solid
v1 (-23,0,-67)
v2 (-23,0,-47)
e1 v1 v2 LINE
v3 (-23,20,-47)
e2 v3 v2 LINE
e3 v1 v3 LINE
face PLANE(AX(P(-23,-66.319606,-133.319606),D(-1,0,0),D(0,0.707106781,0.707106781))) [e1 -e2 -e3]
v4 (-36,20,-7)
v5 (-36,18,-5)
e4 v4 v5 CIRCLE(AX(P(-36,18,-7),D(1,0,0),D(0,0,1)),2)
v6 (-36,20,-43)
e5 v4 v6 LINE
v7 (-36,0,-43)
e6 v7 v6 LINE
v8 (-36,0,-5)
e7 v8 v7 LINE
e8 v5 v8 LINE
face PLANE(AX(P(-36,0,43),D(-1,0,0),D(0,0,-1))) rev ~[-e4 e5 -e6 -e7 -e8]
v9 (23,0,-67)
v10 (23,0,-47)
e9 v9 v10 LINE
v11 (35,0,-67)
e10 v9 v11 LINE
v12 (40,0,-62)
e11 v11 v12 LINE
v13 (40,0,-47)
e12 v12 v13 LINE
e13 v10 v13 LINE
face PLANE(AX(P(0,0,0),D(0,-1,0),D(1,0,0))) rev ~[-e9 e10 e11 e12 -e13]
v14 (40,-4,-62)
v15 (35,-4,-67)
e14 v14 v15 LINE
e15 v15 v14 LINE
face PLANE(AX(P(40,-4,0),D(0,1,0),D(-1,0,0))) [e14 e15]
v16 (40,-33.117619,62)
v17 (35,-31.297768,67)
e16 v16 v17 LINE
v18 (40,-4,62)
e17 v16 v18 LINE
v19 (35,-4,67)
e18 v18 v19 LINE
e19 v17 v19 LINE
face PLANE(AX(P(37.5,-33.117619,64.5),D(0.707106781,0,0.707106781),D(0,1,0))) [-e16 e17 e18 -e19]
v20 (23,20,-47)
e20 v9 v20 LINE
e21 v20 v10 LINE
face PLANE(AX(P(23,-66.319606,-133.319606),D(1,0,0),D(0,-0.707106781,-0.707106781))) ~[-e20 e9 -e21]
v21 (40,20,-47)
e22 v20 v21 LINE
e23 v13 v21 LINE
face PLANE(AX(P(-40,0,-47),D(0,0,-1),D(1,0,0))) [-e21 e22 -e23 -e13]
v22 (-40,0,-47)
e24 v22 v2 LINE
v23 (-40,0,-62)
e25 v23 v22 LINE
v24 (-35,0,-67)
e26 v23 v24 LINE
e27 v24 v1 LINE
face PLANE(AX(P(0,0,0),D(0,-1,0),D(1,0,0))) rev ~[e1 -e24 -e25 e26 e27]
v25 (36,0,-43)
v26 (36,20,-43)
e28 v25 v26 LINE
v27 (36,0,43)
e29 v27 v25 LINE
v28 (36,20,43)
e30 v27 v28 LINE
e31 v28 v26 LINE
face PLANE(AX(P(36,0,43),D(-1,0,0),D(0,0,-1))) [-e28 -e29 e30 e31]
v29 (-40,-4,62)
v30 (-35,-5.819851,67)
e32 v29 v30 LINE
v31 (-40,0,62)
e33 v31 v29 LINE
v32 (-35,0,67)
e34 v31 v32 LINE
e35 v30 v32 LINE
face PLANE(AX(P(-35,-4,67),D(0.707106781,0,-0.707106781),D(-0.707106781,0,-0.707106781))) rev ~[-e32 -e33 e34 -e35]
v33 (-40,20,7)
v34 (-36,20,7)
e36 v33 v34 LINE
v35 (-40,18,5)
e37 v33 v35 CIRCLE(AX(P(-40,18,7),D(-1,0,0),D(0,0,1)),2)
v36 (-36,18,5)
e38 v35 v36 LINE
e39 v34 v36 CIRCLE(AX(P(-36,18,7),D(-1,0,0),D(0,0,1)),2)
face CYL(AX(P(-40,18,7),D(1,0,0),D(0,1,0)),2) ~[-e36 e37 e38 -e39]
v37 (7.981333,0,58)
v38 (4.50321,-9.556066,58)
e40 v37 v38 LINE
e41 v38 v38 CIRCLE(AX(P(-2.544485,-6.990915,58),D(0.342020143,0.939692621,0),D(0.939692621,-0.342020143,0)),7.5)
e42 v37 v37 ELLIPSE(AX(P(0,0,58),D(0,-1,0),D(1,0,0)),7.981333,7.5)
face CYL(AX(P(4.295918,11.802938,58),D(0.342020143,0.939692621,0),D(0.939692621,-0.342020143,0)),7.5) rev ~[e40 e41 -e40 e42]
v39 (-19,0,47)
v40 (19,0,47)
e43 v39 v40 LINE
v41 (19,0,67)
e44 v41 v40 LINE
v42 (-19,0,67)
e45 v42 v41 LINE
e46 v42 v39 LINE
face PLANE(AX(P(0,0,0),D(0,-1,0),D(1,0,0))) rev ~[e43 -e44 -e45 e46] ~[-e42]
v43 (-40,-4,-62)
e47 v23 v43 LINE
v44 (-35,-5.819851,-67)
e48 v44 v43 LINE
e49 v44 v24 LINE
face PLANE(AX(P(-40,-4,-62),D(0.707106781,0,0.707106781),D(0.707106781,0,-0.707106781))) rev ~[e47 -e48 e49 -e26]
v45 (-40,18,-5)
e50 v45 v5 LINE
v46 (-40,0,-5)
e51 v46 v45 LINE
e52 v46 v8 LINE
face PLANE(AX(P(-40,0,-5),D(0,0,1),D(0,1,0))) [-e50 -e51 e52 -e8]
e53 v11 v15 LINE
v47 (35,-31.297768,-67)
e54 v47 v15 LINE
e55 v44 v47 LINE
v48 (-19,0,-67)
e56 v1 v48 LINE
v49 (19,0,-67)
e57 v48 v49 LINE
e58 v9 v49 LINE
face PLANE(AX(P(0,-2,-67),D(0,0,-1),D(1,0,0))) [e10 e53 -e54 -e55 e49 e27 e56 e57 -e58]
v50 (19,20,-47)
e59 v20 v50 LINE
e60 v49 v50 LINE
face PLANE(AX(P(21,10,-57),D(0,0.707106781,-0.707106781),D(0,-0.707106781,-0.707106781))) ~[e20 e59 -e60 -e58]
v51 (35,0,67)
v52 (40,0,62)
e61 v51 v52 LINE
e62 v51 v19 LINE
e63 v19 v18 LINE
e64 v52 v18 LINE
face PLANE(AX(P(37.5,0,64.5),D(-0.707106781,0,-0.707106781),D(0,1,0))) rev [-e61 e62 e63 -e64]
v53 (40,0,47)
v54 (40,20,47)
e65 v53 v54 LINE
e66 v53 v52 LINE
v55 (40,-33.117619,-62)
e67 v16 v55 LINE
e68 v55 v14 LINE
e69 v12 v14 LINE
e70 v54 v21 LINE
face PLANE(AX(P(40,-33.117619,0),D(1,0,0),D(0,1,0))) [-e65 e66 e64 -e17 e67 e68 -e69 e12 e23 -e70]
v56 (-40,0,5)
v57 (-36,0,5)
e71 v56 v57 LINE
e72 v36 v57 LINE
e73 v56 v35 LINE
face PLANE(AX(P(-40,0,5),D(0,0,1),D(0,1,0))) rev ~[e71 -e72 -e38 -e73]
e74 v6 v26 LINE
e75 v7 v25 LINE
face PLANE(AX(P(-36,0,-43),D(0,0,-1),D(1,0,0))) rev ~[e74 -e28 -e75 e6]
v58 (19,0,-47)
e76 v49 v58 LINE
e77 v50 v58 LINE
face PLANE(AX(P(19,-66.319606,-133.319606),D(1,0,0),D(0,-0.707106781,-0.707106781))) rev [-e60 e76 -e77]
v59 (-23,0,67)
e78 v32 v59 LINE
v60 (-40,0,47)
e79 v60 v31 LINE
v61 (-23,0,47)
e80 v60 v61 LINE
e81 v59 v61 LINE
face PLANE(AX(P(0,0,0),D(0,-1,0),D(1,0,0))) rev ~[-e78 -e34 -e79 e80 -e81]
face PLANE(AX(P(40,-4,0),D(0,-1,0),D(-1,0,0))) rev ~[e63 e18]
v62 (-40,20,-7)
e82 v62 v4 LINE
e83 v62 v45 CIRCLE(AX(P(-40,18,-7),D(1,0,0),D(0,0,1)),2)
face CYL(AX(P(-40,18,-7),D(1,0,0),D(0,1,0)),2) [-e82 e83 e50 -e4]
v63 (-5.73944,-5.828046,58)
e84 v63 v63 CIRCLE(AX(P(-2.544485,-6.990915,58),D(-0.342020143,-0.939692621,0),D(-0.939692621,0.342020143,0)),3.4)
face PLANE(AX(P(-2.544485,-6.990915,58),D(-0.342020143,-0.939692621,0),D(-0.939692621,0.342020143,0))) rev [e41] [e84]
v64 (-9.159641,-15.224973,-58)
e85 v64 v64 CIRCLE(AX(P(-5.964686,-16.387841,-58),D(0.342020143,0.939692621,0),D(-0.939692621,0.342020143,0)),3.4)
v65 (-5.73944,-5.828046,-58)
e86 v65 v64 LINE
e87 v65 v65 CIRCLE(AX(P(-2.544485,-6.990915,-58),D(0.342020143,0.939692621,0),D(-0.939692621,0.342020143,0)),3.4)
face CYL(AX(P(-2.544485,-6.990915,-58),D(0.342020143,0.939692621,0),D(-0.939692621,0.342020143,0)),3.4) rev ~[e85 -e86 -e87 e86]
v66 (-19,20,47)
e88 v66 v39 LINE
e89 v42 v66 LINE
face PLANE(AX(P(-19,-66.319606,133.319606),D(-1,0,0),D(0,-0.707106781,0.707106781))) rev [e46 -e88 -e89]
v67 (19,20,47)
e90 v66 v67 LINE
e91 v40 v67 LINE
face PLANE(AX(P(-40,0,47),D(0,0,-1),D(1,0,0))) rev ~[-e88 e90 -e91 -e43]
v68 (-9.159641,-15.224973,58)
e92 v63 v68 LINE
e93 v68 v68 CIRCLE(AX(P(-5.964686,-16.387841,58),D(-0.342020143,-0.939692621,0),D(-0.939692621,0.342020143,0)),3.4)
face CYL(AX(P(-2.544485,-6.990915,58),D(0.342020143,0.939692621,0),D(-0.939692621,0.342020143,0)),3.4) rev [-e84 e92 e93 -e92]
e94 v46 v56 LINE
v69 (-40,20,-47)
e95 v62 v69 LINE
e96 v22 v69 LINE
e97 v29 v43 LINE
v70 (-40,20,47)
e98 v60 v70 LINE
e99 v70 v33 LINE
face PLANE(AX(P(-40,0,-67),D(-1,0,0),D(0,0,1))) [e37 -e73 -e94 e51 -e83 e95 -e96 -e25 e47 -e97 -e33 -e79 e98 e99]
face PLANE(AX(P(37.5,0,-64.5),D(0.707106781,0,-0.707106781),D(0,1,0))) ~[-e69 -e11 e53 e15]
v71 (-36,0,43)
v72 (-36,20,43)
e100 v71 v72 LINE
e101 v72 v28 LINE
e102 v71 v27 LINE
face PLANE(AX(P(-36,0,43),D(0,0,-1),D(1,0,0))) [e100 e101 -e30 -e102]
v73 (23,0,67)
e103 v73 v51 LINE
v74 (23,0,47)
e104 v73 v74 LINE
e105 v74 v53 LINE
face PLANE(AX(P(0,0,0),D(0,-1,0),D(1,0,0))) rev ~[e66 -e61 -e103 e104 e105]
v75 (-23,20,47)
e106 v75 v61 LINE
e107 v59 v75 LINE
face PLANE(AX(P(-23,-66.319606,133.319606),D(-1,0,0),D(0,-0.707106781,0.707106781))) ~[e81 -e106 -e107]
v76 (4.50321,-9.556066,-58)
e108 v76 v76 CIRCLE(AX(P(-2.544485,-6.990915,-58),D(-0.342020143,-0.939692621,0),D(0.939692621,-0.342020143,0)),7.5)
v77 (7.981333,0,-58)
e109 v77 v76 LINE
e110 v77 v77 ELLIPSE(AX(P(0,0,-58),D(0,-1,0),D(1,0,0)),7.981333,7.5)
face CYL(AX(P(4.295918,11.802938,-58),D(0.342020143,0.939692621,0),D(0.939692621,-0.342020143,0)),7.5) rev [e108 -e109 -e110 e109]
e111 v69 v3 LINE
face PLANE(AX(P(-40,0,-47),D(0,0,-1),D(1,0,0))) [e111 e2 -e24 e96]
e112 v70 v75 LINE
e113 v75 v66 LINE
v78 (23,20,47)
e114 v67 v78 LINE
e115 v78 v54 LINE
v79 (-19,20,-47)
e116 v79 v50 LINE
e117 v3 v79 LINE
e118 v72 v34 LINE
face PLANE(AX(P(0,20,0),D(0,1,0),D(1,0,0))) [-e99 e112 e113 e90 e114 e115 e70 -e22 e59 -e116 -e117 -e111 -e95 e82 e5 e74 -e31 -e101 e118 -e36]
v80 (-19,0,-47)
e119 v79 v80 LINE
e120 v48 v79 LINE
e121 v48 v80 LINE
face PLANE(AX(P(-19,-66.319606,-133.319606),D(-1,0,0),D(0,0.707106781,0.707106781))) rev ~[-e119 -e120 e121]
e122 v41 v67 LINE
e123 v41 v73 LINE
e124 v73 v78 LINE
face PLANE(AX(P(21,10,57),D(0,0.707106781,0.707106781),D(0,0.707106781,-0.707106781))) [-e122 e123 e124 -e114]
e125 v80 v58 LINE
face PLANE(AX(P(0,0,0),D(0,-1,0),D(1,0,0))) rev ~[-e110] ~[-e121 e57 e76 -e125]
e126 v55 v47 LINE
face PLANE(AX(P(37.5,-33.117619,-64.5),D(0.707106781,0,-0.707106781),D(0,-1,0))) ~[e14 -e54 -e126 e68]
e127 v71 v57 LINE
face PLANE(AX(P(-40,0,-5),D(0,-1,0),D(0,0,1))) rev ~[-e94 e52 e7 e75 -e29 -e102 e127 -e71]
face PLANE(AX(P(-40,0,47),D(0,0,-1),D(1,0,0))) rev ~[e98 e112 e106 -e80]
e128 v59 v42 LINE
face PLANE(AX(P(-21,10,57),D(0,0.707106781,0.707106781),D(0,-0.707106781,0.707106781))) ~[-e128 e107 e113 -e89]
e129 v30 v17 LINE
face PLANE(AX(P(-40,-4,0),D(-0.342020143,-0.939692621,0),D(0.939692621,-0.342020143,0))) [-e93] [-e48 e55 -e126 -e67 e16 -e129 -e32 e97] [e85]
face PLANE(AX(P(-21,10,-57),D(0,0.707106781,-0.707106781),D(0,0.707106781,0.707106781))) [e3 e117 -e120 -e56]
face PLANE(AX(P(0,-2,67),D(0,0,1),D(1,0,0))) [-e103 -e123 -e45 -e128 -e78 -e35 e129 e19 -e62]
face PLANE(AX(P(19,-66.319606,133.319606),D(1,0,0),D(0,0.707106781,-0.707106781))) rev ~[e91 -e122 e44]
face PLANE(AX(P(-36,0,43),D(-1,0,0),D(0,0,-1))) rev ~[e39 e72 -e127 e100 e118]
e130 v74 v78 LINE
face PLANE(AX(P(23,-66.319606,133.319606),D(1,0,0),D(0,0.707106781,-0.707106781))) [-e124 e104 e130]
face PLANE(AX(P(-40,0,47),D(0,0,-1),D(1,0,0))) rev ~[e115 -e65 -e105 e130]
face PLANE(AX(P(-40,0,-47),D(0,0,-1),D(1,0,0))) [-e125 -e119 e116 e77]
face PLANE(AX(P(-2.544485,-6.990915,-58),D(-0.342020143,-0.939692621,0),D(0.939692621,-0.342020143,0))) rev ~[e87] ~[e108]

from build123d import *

# Parameters (mm, degrees)
SKETCH1_W                       = 80
SKETCH1_H                       = 94
SKETCH1_W_2                     = 72
SKETCH1_H_2                     = 86
BOSS_EXTRUDE3_DEPTH             = 20
SKETCH10_W                      = 80
SKETCH10_H                      = 134
BOSS_EXTRUDE4_DEPTH             = 4
CUT_EXTRUDE1_REACH              = 108.25
SKETCH11_W                      = 10
SKETCH11_H                      = 20
FILLET2_R                       = 2
RIB10_REACH                     = 94.79
SKETCH26_WALL_W                 = 215.864442602
SKETCH26_WALL_H                 = 4
MIRROR4_COPY_1_REACH            = 94.79
MIRROR4_COPY_1_SKETCH_W         = 215.864442602
MIRROR4_COPY_1_SKETCH_H         = 4
CHAMFER1_SIZE                   = 5
BOSS_EXTRUDE6_REACH             = 82.554
BOSS_EXTRUDE6_DIRECTION_2_REACH = 82.554
CHAMFER2_SIZE                   = 5
CUT_EXTRUDE2_DEPTH              = 10
SKETCH32_R                      = 7.5
CUT_EXTRUDE3_DEPTH              = 20
SKETCH33_R                      = 3.4
CUT_EXTRUDE5_DEPTH              = 10


with BuildPart() as part:
    # Sketch1 → Boss-Extrude3 (new body)
    with BuildSketch(Plane(origin=(0, 0, 0), x_dir=(1, 0, 0), z_dir=(0, 1, 0))):
        Rectangle(SKETCH1_W, SKETCH1_H)
        Rectangle(SKETCH1_W_2, SKETCH1_H_2, mode=Mode.SUBTRACT)
    extrude(amount=BOSS_EXTRUDE3_DEPTH)

    # Sketch10 → Boss-Extrude4 (add)
    with BuildSketch(Plane.XZ):
        Rectangle(SKETCH10_W, SKETCH10_H)
    extrude(amount=BOSS_EXTRUDE4_DEPTH)

    # Sketch11 → Cut-Extrude1 (cut, up to next)
    with BuildSketch(Plane.ZY.offset(40), mode=Mode.PRIVATE) as cut_extrude1_sk1:
        with Locations((0, 10)):
            Rectangle(SKETCH11_W, SKETCH11_H)
    cut_extrude1_tool1 = extrude(cut_extrude1_sk1.sketch, amount=-CUT_EXTRUDE1_REACH, mode=Mode.PRIVATE) & part.part
    add(cut_extrude1_tool1.solids().sort_by_distance((-40, 10, 0))[0], mode=Mode.SUBTRACT)

    # Fillet2
    fillet2_edges = [part.edges().sort_by_distance(p)[0] for p in [
        (-38, 20, 5),
        (-38, 20, -5),
    ]]
    fillet(fillet2_edges, radius=FILLET2_R)

    # Sketch26 wall → Rib10 (add, up to next)
    with BuildSketch(Plane(origin=(-21, 10, -57), x_dir=(0, 0.707106781187, 0.707106781187), z_dir=(0, 0.707106781187, -0.707106781187)), mode=Mode.PRIVATE) as rib10_sk1:
        Rectangle(SKETCH26_WALL_W, SKETCH26_WALL_H)
    rib10_tool1 = extrude(rib10_sk1.sketch, amount=-RIB10_REACH, mode=Mode.PRIVATE) - part.part
    rib10 = rib10_tool1.solids().sort_by_distance((-21, 10, -57))[0]
    add(rib10)

    # Mirror3: Rib10 across plane
    add(rib10.mirror(Plane(origin=(0, 0, 0), x_dir=(0, 0, 1), z_dir=(1, 0, 0))))

    # Mirror4: Rib10 across plane
    add(rib10.mirror(Plane.XY))

    # Mirror4 copy 1 sketch → Mirror4 copy 1 (add, up to next)
    with BuildSketch(Plane(origin=(21, 10, 57), x_dir=(0, 0.707106781187, -0.707106781187), z_dir=(0, 0.707106781187, 0.707106781187)), mode=Mode.PRIVATE) as mirror4_copy_1_sk1:
        Rectangle(MIRROR4_COPY_1_SKETCH_W, MIRROR4_COPY_1_SKETCH_H)
    mirror4_copy_1_tool1 = extrude(mirror4_copy_1_sk1.sketch, amount=-MIRROR4_COPY_1_REACH, mode=Mode.PRIVATE) - part.part
    add(mirror4_copy_1_tool1.solids().sort_by_distance((21, 10, 57))[0])

    # Chamfer1
    chamfer1_edges = [part.edges().sort_by_distance(p)[0] for p in [
        (40, -2, -67),
        (40, -2, 67),
        (-40, -2, 67),
        (-40, -2, -67),
    ]]
    chamfer(chamfer1_edges, length=CHAMFER1_SIZE)

    # Boss-Extrude6: up to this face of the body (flat: up to its plane)
    boss_extrude6_end = Plane(part.part.faces().sort_by_distance((0, -2, 67))[0])
    # Sketch29 → Boss-Extrude6 (add, up to the picked face)
    with BuildSketch(Plane.XY, mode=Mode.PRIVATE) as boss_extrude6_sk1:
        Polygon((40, -4), (35, -4), (-35, -4), (-40, -4), (40, -33.117618741), align=None)
    boss_extrude6_tool1 = split(extrude(boss_extrude6_sk1.sketch, amount=BOSS_EXTRUDE6_REACH, mode=Mode.PRIVATE), bisect_by=boss_extrude6_end, keep=Keep.BOTH, mode=Mode.PRIVATE)
    add(boss_extrude6_tool1.solids().sort_by(Axis((13.333333, -13.705873, 0), (0, 0, 1)))[0])

    # Boss-Extrude6 direction 2: up to this face of the body (flat: up to its plane)
    boss_extrude6_direction_2_end = Plane(part.part.faces().sort_by_distance((0, -2, -67))[0])
    # Sketch29 → Boss-Extrude6 direction 2 (add, up to the picked face)
    with BuildSketch(Plane.XY, mode=Mode.PRIVATE) as boss_extrude6_direction_2_sk1:
        Polygon((40, -4), (35, -4), (-35, -4), (-40, -4), (40, -33.117618741), align=None)
    boss_extrude6_direction_2_tool1 = split(extrude(boss_extrude6_direction_2_sk1.sketch, amount=-BOSS_EXTRUDE6_DIRECTION_2_REACH, mode=Mode.PRIVATE), bisect_by=boss_extrude6_direction_2_end, keep=Keep.BOTH, mode=Mode.PRIVATE)
    add(boss_extrude6_direction_2_tool1.solids().sort_by(Axis((13.333333, -13.705873, 0), (0, 0, -1)))[0])

    # Chamfer2
    chamfer2_edges = [part.edges().sort_by_distance(p)[0] for p in [
        (40, -18.558809371, -67),
        (40, -18.558809371, 67),
    ]]
    chamfer(chamfer2_edges, length=CHAMFER2_SIZE)

    # Sketch30 → Cut-Extrude2 (cut)
    with BuildSketch(Plane(origin=(0, -4, 0), x_dir=(1, 0, 0), z_dir=(0, 1, 0))):
        Polygon((-40, -67), (-35, -67), (-40, -62), align=None)
        Polygon((-40, 67), (-40, 62), (-35, 67), align=None)
    extrude(amount=-CUT_EXTRUDE2_DEPTH, mode=Mode.SUBTRACT)

    # Sketch32 → Cut-Extrude3 (cut)
    with BuildSketch(Plane(origin=(4.295917943, 11.802937544, 0), x_dir=(-0.9396926207859082, 0.3420201433256692, 0), z_dir=(-0.3420201433256692, -0.9396926207859082, 0))):
        with Locations(Location((0, 58, 0), (0, 0, 180))):
            Circle(SKETCH32_R)
    cut_extrude3 = extrude(amount=CUT_EXTRUDE3_DEPTH, mode=Mode.SUBTRACT)

    # Sketch33 → Cut-Extrude5 (cut)
    with BuildSketch(Plane(origin=(-2.544484924, -6.990914872, 0), x_dir=(0.9396926207859082, -0.3420201433256692, 0), z_dir=(0.3420201433256692, 0.9396926207859082, 0))):
        with Locations(Location((0, 58, 0), (0, 0, 180))):
            Circle(SKETCH33_R)
    cut_extrude5 = extrude(amount=-CUT_EXTRUDE5_DEPTH, mode=Mode.SUBTRACT)

    # Mirror5: Cut-Extrude3, Cut-Extrude5 across plane
    add(cut_extrude3.mirror(Plane.XY), mode=Mode.SUBTRACT)
    add(cut_extrude5.mirror(Plane.XY), mode=Mode.SUBTRACT)


solid = part.part
